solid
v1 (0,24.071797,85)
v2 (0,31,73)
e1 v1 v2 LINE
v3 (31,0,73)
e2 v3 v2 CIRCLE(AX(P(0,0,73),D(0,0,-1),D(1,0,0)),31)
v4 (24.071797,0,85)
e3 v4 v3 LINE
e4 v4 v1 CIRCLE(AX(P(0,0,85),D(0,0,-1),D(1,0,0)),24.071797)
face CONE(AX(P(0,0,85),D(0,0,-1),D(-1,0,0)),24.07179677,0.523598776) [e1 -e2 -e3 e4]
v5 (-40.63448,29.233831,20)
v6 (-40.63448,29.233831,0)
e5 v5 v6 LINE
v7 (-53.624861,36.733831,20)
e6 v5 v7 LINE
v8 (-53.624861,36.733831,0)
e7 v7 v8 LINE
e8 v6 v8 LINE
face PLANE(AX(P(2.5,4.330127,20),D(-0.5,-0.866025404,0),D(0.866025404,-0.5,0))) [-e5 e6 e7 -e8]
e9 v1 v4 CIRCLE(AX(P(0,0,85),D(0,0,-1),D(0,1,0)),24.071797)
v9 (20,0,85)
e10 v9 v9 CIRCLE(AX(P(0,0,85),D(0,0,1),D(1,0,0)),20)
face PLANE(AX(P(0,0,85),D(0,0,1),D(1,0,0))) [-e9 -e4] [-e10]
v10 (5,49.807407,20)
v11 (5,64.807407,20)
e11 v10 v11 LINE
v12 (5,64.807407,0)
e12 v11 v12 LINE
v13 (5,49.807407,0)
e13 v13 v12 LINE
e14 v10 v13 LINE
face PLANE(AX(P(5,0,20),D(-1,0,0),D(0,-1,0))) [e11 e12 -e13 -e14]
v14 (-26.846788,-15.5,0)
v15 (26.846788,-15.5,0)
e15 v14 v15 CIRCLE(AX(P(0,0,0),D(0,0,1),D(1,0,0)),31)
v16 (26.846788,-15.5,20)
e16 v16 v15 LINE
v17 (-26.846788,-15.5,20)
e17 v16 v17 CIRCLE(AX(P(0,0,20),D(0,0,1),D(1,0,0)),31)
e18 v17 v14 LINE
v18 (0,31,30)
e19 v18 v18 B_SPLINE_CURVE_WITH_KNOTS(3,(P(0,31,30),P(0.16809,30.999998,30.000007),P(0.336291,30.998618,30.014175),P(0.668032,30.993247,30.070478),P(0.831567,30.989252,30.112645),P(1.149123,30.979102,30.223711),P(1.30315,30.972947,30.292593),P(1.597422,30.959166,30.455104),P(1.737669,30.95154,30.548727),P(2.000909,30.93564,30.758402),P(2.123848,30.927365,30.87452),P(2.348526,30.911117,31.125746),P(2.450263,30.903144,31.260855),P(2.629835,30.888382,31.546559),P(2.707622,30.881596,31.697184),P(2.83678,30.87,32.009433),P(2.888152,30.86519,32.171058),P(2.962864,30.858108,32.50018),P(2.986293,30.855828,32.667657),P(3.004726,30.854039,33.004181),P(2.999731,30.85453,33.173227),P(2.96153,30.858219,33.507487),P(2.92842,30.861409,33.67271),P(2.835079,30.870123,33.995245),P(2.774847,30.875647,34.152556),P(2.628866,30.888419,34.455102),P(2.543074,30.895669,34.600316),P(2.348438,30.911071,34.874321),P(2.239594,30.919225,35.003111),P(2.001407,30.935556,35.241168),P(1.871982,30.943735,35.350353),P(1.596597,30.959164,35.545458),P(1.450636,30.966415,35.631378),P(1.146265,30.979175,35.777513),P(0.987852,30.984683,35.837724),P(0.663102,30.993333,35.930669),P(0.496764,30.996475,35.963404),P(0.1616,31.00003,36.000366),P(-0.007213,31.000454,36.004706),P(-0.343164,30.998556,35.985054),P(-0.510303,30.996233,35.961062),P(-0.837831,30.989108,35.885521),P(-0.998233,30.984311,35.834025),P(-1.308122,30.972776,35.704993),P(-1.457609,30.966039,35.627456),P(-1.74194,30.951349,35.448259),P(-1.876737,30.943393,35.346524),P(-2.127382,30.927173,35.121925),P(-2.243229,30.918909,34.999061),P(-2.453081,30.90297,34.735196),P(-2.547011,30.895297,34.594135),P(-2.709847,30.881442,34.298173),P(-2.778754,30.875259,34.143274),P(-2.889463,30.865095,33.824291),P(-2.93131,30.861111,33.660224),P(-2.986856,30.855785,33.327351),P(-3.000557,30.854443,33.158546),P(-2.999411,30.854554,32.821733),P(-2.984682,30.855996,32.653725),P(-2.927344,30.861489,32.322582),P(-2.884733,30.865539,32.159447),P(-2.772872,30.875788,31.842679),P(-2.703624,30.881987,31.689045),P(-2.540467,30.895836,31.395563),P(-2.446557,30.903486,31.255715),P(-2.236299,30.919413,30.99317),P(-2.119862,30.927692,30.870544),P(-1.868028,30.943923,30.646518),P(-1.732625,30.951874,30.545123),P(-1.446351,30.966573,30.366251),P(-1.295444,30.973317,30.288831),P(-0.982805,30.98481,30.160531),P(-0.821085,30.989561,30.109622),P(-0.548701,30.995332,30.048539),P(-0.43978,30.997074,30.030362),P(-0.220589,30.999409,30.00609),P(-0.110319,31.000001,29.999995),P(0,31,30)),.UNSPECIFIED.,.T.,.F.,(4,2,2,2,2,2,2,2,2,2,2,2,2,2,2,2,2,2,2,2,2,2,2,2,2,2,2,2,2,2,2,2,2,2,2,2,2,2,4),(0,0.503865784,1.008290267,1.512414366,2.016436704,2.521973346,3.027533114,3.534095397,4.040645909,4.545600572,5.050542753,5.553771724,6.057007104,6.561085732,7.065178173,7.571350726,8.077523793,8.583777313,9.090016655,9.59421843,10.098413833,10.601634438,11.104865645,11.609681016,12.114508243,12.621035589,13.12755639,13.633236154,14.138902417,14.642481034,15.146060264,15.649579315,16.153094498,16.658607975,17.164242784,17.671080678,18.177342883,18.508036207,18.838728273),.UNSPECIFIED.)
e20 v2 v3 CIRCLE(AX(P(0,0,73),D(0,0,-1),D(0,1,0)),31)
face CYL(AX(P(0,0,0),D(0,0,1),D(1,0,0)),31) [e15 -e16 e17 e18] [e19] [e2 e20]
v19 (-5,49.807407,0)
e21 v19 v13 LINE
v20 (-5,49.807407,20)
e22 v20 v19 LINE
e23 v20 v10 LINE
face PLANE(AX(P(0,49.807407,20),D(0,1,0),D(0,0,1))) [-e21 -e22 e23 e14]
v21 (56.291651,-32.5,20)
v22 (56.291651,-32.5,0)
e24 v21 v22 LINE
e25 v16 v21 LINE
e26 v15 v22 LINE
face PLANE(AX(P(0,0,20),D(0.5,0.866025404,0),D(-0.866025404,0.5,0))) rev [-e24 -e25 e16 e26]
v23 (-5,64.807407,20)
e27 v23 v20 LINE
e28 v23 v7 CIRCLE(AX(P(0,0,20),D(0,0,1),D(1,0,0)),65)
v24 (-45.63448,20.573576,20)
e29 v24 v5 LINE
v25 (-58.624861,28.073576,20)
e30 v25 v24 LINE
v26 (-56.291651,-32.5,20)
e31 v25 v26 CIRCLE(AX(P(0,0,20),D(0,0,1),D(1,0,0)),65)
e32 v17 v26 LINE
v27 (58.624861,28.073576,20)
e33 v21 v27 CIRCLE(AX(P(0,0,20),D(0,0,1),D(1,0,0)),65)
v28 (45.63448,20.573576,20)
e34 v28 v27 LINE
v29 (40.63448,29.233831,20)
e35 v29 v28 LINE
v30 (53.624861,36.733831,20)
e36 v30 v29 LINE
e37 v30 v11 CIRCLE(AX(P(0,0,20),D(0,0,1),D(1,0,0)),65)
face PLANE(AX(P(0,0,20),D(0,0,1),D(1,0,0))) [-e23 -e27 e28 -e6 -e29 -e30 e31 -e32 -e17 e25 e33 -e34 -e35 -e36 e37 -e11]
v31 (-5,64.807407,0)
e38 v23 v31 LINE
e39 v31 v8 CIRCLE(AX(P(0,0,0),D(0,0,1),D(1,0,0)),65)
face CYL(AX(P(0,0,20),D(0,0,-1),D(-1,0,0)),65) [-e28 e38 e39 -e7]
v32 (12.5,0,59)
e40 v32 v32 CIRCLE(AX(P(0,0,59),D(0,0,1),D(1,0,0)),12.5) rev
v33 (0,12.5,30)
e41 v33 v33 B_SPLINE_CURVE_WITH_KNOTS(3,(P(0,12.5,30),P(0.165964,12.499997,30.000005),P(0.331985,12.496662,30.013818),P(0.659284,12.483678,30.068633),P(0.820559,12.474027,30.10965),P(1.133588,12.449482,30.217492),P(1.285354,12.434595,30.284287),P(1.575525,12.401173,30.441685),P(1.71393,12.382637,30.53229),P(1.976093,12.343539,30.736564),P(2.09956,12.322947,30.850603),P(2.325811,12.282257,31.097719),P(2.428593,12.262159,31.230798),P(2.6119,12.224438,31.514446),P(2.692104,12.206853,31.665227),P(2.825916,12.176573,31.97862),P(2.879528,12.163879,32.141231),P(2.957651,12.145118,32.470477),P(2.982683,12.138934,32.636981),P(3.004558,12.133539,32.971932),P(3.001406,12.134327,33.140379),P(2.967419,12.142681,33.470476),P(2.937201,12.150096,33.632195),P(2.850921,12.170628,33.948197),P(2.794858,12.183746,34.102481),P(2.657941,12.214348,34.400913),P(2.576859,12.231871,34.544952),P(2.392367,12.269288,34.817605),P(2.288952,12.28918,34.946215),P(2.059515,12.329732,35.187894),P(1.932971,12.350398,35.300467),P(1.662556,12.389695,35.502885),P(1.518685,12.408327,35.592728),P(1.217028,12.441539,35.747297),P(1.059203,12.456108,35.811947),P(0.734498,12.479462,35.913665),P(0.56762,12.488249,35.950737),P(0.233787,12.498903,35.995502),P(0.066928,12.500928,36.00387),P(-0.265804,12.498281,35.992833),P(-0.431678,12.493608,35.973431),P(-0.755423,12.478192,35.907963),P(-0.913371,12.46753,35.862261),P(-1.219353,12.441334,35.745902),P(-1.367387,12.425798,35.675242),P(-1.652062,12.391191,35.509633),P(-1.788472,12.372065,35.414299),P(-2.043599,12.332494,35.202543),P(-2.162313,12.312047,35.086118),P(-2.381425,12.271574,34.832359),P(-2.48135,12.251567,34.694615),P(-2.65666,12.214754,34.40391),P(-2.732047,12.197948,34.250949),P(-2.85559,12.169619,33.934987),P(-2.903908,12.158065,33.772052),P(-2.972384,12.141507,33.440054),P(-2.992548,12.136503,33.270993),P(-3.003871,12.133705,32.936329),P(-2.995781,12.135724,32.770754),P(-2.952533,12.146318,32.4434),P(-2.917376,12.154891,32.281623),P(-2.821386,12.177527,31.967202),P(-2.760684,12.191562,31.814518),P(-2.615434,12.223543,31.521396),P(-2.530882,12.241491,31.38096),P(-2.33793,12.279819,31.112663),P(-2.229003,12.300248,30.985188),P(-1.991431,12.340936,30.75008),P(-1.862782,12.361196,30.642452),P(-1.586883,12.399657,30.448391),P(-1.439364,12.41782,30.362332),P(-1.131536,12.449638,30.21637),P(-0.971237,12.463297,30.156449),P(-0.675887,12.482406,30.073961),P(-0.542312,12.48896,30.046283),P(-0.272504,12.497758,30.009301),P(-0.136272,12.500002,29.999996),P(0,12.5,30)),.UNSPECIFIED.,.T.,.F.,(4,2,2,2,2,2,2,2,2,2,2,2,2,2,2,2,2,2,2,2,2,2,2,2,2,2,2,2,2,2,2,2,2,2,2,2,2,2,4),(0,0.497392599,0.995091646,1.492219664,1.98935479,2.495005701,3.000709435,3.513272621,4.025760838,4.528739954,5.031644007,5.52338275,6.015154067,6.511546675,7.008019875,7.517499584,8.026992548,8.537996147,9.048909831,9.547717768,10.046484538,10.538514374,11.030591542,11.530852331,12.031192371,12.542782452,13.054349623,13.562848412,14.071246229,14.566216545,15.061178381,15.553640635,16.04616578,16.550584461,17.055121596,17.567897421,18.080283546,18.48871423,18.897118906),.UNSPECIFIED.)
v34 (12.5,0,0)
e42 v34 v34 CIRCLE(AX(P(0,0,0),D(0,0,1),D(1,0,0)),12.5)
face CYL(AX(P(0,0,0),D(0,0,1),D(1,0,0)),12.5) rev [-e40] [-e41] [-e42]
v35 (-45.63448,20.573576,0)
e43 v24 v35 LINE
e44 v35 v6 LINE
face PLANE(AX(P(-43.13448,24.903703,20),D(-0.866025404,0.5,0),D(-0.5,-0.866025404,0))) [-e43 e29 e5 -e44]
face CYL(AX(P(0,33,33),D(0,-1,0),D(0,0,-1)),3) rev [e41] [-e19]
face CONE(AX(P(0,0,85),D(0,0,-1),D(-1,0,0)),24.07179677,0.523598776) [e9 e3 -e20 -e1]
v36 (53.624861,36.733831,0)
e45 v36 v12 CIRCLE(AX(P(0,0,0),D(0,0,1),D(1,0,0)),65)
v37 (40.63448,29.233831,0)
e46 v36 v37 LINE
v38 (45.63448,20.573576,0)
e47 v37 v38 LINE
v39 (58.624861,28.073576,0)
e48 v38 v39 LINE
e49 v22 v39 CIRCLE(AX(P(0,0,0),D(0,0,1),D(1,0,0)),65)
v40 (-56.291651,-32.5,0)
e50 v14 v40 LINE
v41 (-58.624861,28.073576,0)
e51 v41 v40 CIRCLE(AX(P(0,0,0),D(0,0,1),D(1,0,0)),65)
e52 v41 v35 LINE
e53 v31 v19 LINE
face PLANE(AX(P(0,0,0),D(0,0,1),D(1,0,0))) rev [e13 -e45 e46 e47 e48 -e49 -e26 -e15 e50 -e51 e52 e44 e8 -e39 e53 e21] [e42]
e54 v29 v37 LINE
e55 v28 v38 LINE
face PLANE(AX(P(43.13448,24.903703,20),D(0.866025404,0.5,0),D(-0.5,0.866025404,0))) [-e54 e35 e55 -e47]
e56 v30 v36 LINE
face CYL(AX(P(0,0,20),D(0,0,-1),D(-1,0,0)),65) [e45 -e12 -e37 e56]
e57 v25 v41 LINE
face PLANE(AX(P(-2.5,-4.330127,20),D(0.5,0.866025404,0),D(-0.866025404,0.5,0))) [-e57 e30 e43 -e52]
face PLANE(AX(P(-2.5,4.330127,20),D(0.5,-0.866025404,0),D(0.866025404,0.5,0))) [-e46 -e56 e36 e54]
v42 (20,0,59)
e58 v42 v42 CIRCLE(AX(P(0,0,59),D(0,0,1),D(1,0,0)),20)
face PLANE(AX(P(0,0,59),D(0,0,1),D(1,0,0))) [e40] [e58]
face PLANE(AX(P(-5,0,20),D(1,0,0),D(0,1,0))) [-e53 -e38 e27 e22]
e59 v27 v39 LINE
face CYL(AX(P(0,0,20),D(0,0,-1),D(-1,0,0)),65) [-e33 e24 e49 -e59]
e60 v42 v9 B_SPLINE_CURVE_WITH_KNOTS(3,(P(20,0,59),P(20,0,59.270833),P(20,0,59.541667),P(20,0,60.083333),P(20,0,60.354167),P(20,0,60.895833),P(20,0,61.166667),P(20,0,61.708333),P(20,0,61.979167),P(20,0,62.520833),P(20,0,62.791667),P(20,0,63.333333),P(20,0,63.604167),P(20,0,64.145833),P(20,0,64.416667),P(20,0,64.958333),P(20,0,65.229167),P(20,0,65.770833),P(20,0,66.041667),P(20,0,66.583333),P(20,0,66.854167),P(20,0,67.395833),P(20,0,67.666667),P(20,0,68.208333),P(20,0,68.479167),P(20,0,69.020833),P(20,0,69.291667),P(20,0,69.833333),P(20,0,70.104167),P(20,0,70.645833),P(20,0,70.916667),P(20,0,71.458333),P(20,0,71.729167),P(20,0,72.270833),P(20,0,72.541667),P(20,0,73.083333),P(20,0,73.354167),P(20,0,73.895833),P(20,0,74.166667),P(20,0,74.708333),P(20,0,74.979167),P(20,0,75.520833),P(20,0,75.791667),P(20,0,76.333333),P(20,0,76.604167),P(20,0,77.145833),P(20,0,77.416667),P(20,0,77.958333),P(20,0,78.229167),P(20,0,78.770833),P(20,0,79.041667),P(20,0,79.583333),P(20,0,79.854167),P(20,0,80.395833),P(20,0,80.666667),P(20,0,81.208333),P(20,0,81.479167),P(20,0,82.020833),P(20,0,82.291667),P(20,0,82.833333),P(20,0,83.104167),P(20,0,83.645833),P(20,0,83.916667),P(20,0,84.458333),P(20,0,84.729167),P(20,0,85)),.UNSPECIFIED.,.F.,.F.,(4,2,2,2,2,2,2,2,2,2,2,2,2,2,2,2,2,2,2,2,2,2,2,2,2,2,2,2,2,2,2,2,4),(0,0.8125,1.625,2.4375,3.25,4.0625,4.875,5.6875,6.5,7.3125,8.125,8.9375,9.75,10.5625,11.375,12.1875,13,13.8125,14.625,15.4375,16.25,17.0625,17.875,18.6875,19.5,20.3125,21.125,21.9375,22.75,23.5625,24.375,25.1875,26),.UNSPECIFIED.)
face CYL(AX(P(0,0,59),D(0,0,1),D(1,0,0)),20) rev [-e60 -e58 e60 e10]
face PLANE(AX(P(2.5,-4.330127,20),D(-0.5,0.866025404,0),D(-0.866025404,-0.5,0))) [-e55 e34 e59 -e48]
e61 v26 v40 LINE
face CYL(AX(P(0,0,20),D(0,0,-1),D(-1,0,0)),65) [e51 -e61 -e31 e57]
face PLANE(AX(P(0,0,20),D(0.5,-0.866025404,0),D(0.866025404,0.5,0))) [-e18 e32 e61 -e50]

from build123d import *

# Parameters (mm, degrees)
BOSS_EXTRUDE1_DEPTH      = 20
BOSS_EXTRUDE2_DEPTH      = 65
BOSS_EXTRUDE2_DEPTH_BACK = 20
SKETCH3_R                = 31
SKETCH3_R_2              = 12.5
SKETCH6_R                = 20
CUT_EXTRUDE1_DEPTH       = 26
SKETCH8_R                = 12.5
CUT_EXTRUDE2_DEPTH       = 20
SKETCH9_R                = 3
CUT_EXTRUDE3_DEPTH       = 33


with BuildPart() as part:
    # Sketch2 → Boss-Extrude1 (new body)
    with BuildSketch(Plane.XY):
        with BuildLine():
            Line((0, 0), (56.291651246, -32.5))
            ThreePointArc((56.291651246, -32.5), (64.9518339, -2.501853916), (58.624860802, 28.073576473))
            Line((58.624860802, 28.073576473), (45.634479745, 20.573576473))
            Line((45.634479745, 20.573576473), (40.634479745, 29.233830511))
            Line((40.634479745, 29.233830511), (53.624860802, 36.733830511))
            ThreePointArc((53.624860802, 36.733830511), (32.5, 56.291651246), (5, 64.807406984))
            Line((5, 64.807406984), (5, 49.807406984))
            Line((5, 49.807406984), (-5, 49.807406984))
            Line((-5, 49.807406984), (-5, 64.807406984))
            ThreePointArc((-5, 64.807406984), (-32.5, 56.291651246), (-53.624860802, 36.733830511))
            Line((-53.624860802, 36.733830511), (-40.634479745, 29.233830511))
            Line((-40.634479745, 29.233830511), (-45.634479745, 20.573576473))
            Line((-45.634479745, 20.573576473), (-58.624860802, 28.073576473))
            ThreePointArc((-58.624860802, 28.073576473), (-64.9518339, -2.501853916), (-56.291651246, -32.5))
            Line((-56.291651246, -32.5), (0, 0))
        make_face()
    extrude(amount=BOSS_EXTRUDE1_DEPTH)

    # Sketch3 → Boss-Extrude2 (add, two sides: drawn at the far end of the back side and taken through both)
    with BuildSketch(Plane.XY.offset(20).offset(-BOSS_EXTRUDE2_DEPTH_BACK)):
        Circle(SKETCH3_R)
        Circle(SKETCH3_R_2, mode=Mode.SUBTRACT)
    extrude(amount=BOSS_EXTRUDE2_DEPTH + BOSS_EXTRUDE2_DEPTH_BACK)

    # Cut-Sweep1: sweep along a curve in space
    with BuildLine() as cut_sweep1_path:
        ThreePointArc((31, 0, 85), (21.920310217, 21.920310217, 85), (0, 31, 85))
        ThreePointArc((0, 31, 85), (-21.920310217, 21.920310217, 85), (-31, 0, 85))
        ThreePointArc((-31, 0, 85), (-21.920310217, -21.920310217, 85), (0, -31, 85))
        ThreePointArc((0, -31, 85), (21.920310217, -21.920310217, 85), (31, 0, 85))
    # Sketch5 → Cut-Sweep1 (sweep, cut)
    with BuildSketch(Plane(origin=(0, 0, 0), x_dir=(0, 0, -1), z_dir=(1, 0, 0))):
        Polygon((-85, 31), (-73, 31), (-85, 24.07179677), align=None)
    sweep(path=cut_sweep1_path.line, mode=Mode.SUBTRACT)

    # Sketch6 → Cut-Extrude1 (cut)
    with BuildSketch(Plane.XY.offset(85)):
        Circle(SKETCH6_R)
    extrude(amount=-CUT_EXTRUDE1_DEPTH, mode=Mode.SUBTRACT)

    # Sketch8 → Cut-Extrude2 (cut)
    with BuildSketch(Plane.XY.offset(20)):
        Circle(SKETCH8_R)
    extrude(amount=-CUT_EXTRUDE2_DEPTH, mode=Mode.SUBTRACT)

    # Sketch9 → Cut-Extrude3 (cut)
    with BuildSketch(Plane(origin=(0, 0, 0), x_dir=(1, 0, 0), z_dir=(0, 1, 0))):
        with Locations(Location((0, -33, 0), (0, 0, 90))):
            Circle(SKETCH9_R)
    extrude(amount=CUT_EXTRUDE3_DEPTH, mode=Mode.SUBTRACT)


solid = part.part
